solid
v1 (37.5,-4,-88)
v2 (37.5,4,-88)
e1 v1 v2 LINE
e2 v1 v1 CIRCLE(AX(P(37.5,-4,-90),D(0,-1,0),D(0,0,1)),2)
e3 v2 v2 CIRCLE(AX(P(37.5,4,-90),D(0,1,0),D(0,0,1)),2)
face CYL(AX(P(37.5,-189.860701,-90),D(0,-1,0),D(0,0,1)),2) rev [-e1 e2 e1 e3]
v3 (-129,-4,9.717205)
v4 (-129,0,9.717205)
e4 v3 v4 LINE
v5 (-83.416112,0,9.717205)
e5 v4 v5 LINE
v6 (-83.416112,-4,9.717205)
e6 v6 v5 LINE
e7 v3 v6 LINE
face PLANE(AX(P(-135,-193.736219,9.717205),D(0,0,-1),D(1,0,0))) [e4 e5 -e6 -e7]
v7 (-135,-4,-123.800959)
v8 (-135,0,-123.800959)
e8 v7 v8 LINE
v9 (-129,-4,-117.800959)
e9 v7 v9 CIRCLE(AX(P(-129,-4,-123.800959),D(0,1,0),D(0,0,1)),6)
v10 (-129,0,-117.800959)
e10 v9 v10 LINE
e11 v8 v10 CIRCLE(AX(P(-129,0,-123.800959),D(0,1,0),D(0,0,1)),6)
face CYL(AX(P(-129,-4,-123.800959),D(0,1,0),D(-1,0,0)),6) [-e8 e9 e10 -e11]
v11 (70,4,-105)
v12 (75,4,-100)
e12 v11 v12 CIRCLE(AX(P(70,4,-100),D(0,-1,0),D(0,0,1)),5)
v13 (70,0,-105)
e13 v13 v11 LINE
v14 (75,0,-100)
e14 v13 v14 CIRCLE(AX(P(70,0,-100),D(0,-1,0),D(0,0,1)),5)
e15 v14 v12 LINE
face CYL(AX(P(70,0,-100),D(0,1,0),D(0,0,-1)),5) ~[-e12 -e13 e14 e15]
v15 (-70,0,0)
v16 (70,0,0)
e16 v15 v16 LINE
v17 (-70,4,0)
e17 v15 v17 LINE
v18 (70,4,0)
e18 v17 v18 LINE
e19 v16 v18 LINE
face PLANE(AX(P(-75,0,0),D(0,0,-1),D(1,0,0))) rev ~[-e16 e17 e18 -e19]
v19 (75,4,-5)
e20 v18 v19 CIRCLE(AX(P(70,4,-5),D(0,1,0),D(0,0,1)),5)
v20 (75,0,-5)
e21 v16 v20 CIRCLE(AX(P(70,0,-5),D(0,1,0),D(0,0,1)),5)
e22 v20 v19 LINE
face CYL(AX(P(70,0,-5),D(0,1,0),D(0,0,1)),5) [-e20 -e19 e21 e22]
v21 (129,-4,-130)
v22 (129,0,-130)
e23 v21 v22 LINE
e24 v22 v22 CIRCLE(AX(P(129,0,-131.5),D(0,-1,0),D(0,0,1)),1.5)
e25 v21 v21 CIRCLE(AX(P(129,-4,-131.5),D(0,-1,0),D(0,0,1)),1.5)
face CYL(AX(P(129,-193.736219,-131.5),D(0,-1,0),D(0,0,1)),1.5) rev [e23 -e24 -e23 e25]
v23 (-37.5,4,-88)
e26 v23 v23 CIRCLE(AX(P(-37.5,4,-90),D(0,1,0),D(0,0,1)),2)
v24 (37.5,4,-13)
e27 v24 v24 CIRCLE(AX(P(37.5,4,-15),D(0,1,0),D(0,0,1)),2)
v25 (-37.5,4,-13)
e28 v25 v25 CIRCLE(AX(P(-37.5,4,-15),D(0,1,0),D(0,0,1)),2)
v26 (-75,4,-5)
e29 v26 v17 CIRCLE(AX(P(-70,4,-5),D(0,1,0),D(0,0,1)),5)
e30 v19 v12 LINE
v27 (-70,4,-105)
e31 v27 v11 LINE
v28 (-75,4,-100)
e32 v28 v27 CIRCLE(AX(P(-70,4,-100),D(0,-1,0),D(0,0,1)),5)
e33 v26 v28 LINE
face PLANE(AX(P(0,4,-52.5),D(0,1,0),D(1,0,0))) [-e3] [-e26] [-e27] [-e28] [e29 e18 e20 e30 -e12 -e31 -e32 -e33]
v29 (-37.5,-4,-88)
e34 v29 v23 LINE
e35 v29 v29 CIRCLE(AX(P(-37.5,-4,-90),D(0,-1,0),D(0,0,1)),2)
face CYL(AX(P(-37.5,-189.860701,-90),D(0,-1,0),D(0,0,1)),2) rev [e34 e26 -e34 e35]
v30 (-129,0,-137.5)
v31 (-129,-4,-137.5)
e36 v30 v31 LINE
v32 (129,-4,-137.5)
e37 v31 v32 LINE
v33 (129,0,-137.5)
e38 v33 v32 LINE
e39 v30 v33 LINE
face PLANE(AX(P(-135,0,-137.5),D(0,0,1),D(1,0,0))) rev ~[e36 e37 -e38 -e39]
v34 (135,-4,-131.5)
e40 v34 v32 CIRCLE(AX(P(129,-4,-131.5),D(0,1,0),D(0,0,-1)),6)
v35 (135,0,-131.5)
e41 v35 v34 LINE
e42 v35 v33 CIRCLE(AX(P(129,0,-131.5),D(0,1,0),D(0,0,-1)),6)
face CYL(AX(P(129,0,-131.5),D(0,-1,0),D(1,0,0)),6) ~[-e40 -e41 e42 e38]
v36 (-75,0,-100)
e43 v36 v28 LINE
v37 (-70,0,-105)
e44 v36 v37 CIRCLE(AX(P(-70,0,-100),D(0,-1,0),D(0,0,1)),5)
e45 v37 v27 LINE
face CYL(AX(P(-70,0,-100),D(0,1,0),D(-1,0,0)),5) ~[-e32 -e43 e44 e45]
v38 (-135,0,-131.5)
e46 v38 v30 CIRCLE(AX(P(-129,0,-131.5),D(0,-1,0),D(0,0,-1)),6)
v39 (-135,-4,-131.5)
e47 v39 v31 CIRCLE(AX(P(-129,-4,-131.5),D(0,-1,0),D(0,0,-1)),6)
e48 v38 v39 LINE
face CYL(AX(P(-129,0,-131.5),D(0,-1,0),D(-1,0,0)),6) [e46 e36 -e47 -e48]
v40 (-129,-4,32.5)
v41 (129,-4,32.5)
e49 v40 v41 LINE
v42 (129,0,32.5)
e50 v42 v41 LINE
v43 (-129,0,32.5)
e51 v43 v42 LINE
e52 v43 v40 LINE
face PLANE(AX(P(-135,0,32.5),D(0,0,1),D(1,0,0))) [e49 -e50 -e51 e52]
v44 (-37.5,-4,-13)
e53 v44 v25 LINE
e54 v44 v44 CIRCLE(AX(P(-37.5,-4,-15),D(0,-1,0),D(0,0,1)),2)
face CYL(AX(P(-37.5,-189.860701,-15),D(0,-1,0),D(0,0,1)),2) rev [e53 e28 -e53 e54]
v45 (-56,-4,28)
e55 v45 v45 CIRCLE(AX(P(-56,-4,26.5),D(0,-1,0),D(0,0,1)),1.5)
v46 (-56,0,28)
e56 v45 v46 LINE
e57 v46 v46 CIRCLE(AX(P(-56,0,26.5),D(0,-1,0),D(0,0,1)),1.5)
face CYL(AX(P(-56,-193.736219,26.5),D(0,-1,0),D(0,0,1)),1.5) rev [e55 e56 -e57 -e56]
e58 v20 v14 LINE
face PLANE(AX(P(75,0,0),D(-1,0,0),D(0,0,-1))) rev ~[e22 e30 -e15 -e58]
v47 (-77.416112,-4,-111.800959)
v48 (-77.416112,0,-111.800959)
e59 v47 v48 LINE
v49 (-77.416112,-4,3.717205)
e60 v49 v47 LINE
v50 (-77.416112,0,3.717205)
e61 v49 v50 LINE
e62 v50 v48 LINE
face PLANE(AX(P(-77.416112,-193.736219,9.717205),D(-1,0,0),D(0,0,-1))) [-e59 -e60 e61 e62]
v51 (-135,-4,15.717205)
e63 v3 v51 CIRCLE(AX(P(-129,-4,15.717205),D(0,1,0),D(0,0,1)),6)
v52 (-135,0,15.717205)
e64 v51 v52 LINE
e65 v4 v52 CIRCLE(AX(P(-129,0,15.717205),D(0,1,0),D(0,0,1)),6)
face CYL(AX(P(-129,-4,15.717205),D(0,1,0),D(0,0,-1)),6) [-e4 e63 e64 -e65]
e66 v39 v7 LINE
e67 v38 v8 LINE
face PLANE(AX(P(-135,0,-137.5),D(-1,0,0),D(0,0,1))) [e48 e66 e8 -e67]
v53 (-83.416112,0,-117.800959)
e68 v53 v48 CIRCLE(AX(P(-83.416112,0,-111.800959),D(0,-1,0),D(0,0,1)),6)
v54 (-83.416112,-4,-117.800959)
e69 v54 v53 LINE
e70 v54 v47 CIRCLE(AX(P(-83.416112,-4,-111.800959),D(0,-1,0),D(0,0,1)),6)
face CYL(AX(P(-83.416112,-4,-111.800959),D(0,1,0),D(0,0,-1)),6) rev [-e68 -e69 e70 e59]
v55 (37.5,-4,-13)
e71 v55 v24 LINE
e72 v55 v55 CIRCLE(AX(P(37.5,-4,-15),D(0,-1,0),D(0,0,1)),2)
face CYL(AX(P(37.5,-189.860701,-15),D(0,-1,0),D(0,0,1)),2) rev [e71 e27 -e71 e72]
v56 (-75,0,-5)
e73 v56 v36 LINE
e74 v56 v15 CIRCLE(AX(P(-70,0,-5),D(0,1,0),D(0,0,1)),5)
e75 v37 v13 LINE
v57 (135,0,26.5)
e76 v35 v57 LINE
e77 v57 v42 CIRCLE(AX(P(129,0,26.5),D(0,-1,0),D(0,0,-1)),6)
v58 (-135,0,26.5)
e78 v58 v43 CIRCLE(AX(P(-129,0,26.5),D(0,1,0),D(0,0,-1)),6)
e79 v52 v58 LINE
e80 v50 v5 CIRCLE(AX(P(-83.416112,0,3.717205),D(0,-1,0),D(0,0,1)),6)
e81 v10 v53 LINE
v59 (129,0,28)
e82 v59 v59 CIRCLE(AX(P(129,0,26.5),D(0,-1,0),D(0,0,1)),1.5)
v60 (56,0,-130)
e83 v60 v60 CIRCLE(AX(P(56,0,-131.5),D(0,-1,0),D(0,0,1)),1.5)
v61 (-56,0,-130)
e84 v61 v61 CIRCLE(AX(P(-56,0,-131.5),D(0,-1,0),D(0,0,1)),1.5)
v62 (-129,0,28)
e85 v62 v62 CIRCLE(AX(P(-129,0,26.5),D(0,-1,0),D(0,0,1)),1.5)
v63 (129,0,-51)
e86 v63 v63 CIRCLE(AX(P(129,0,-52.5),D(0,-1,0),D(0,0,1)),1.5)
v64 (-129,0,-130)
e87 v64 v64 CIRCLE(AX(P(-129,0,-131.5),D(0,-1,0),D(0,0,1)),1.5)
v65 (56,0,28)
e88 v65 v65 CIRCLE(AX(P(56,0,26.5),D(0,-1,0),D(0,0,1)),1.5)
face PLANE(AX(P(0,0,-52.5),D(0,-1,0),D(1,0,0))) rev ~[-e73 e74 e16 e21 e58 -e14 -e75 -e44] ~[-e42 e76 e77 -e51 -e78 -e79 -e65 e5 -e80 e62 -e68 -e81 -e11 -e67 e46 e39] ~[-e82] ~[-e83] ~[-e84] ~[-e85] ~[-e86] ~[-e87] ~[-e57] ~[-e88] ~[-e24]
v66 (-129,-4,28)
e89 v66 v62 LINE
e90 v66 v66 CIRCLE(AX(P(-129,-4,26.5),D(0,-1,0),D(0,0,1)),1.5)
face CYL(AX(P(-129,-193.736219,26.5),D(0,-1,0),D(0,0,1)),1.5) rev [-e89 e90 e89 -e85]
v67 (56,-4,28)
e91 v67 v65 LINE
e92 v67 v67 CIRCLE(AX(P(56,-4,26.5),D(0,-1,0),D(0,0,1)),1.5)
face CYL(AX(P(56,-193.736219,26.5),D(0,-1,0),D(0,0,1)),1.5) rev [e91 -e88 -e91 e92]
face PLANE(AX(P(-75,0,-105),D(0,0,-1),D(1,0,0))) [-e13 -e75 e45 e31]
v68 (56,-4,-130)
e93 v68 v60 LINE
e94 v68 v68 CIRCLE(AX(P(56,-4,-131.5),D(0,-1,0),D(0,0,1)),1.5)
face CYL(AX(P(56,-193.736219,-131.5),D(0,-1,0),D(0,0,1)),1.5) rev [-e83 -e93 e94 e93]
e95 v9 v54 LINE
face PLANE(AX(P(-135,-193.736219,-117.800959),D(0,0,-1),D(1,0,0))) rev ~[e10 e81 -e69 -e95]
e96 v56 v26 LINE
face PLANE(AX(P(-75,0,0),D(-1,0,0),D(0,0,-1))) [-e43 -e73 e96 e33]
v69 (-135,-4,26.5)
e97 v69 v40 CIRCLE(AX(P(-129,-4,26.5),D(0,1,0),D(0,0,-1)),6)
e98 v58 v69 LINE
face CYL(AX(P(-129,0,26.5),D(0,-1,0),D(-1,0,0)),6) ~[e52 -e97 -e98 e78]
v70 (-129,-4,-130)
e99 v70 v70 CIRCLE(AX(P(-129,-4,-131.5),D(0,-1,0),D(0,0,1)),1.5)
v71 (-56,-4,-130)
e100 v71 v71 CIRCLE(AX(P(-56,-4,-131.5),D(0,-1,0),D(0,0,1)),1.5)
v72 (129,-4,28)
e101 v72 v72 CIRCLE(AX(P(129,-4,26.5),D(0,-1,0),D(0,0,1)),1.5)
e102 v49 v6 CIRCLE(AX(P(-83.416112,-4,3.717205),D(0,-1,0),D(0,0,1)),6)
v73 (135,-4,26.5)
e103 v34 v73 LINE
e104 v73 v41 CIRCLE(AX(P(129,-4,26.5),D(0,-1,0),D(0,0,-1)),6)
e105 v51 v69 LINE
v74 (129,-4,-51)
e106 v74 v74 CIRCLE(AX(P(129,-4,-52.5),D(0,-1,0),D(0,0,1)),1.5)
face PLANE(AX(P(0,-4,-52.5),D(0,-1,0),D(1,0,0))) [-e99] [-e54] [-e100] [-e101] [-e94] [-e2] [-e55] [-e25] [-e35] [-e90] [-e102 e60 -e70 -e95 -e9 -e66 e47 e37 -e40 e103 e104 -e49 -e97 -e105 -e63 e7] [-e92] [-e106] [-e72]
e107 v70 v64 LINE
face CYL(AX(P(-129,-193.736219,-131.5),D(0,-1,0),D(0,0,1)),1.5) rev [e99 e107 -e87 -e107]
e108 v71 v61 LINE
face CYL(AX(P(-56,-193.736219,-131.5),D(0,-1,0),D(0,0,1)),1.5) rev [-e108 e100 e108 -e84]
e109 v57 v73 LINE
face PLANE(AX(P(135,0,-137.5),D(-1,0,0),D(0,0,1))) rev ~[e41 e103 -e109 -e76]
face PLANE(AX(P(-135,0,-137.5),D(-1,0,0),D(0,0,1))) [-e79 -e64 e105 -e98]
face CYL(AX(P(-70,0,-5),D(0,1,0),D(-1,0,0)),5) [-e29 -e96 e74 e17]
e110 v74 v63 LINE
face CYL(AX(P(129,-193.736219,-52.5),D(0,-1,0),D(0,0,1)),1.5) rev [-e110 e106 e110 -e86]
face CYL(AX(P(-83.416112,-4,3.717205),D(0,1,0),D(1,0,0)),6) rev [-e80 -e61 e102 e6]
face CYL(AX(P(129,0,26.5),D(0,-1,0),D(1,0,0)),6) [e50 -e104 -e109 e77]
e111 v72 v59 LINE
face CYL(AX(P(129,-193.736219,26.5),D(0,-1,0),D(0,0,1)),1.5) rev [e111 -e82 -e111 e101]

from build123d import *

# Parameters (mm, degrees)
SKETCH_1_W               = 150
SKETCH_1_H               = 105
SKETCH_1_R               = 2
EXTRUDE_1_DEPTH          = 4
SKETCH_2_W               = 270
SKETCH_2_H               = 170
EXTRUDE_2_DEPTH          = 4
CUT_EXTRUDE_2_DEPTH      = 193.860701025
CUT_EXTRUDE_2_DEPTH_BACK = 193.860701025
SKETCH_3_R               = 2
FILLET_1_R               = 6
CUT_EXTRUDE_3_DEPTH      = 193.736218703
CUT_EXTRUDE_3_DEPTH_BACK = 193.736218703
SKETCH_4_R               = 1.5
CUT_EXTRUDE_4_DEPTH      = 193.736218703
CUT_EXTRUDE_4_DEPTH_BACK = 193.736218703
SKETCH_5_W               = 57.583887605
SKETCH_5_H               = 127.518164053
FILLET_2_R               = 6
FILLET_3_R               = 5


with BuildPart() as part:
    # 草图1 → 凸台-拉伸1 (new body)
    with BuildSketch(Plane(origin=(0, 0, 0), x_dir=(1, 0, 0), z_dir=(0, 1, 0))):
        with Locations((0, 52.5)):
            Rectangle(SKETCH_1_W, SKETCH_1_H)
        with Locations(Location((-37.5, 90, 0), (0, 0, 270))):
            Circle(SKETCH_1_R, mode=Mode.SUBTRACT)
        with Locations(Location((-37.5, 15, 0), (0, 0, 270))):
            Circle(SKETCH_1_R, mode=Mode.SUBTRACT)
        with Locations(Location((37.5, 15, 0), (0, 0, 270))):
            Circle(SKETCH_1_R, mode=Mode.SUBTRACT)
        with Locations(Location((37.5, 90, 0), (0, 0, 270))):
            Circle(SKETCH_1_R, mode=Mode.SUBTRACT)
    extrude(amount=EXTRUDE_1_DEPTH)

    # 草图2 → 凸台-拉伸2 (add)
    with BuildSketch(Plane.XZ):
        with Locations((0, -52.5)):
            Rectangle(SKETCH_2_W, SKETCH_2_H)
    extrude(amount=EXTRUDE_2_DEPTH)

    # 草图3 → 切除-拉伸2 (cut, two sides: drawn at the far end of the back side and taken through both)
    with BuildSketch(Plane(origin=(0, 4, 0), x_dir=(1, 0, 0), z_dir=(0, 1, 0)).offset(-CUT_EXTRUDE_2_DEPTH_BACK)):
        with Locations(Location((-37.5, 90, 0), (0, 0, 270))):
            Circle(SKETCH_3_R)
        with Locations(Location((37.5, 90, 0), (0, 0, 270))):
            Circle(SKETCH_3_R)
        with Locations(Location((-37.5, 15, 0), (0, 0, 270))):
            Circle(SKETCH_3_R)
        with Locations(Location((37.5, 15, 0), (0, 0, 270))):
            Circle(SKETCH_3_R)
    extrude(amount=CUT_EXTRUDE_2_DEPTH + CUT_EXTRUDE_2_DEPTH_BACK, mode=Mode.SUBTRACT)

    # 圆角1
    fillet_1_edges = [part.edges().sort_by_distance(p)[0] for p in [
        (135, -2, -137.5),
        (135, -2, 32.5),
        (-135, -2, 32.5),
        (-135, -2, -137.5),
    ]]
    fillet(fillet_1_edges, radius=FILLET_1_R)

    # 草图4 → 切除-拉伸3 (cut, two sides: drawn at the far end of the back side and taken through both)
    with BuildSketch(Plane(origin=(0, 0, 0), x_dir=(1, 0, 0), z_dir=(0, 1, 0)).offset(-CUT_EXTRUDE_3_DEPTH_BACK)):
        with Locations(Location((-129, 52.5, 0), (0, 0, 270))):
            Circle(SKETCH_4_R)
        with Locations(Location((-129, -26.5, 0), (0, 0, 270))):
            Circle(SKETCH_4_R)
        with Locations(Location((-56, -26.5, 0), (0, 0, 270))):
            Circle(SKETCH_4_R)
        with Locations(Location((56, -26.5, 0), (0, 0, 270))):
            Circle(SKETCH_4_R)
        with Locations(Location((129, -26.5, 0), (0, 0, 270))):
            Circle(SKETCH_4_R)
        with Locations(Location((129, 52.5, 0), (0, 0, 270))):
            Circle(SKETCH_4_R)
        with Locations(Location((56, 131.5, 0), (0, 0, 270))):
            Circle(SKETCH_4_R)
        with Locations(Location((129, 131.5, 0), (0, 0, 270))):
            Circle(SKETCH_4_R)
        with Locations(Location((-56, 131.5, 0), (0, 0, 270))):
            Circle(SKETCH_4_R)
        with Locations(Location((-129, 131.5, 0), (0, 0, 270))):
            Circle(SKETCH_4_R)
    extrude(amount=CUT_EXTRUDE_3_DEPTH + CUT_EXTRUDE_3_DEPTH_BACK, mode=Mode.SUBTRACT)

    # 草图5 → 切除-拉伸4 (cut, two sides: drawn at the far end of the back side and taken through both)
    with BuildSketch(Plane(origin=(0, 0, 0), x_dir=(1, 0, 0), z_dir=(0, 1, 0)).offset(-CUT_EXTRUDE_4_DEPTH_BACK)):
        with Locations((-106.208056197, 54.041877238)):
            Rectangle(SKETCH_5_W, SKETCH_5_H)
    extrude(amount=CUT_EXTRUDE_4_DEPTH + CUT_EXTRUDE_4_DEPTH_BACK, mode=Mode.SUBTRACT)

    # 圆角2
    fillet_2_edges = [part.edges().sort_by_distance(p)[0] for p in [
        (-135, -2, 9.717204788),
        (-77.416112395, -2, -117.800959265),
        (-135, -2, -117.800959265),
        (-77.416112395, -2, 9.717204788),
    ]]
    fillet(fillet_2_edges, radius=FILLET_2_R)

    # 圆角3
    fillet_3_edges = [part.edges().sort_by_distance(p)[0] for p in [
        (-75, 2, -105),
        (75, 2, -105),
        (75, 2, 0),
        (-75, 2, 0),
    ]]
    fillet(fillet_3_edges, radius=FILLET_3_R)


solid = part.part
